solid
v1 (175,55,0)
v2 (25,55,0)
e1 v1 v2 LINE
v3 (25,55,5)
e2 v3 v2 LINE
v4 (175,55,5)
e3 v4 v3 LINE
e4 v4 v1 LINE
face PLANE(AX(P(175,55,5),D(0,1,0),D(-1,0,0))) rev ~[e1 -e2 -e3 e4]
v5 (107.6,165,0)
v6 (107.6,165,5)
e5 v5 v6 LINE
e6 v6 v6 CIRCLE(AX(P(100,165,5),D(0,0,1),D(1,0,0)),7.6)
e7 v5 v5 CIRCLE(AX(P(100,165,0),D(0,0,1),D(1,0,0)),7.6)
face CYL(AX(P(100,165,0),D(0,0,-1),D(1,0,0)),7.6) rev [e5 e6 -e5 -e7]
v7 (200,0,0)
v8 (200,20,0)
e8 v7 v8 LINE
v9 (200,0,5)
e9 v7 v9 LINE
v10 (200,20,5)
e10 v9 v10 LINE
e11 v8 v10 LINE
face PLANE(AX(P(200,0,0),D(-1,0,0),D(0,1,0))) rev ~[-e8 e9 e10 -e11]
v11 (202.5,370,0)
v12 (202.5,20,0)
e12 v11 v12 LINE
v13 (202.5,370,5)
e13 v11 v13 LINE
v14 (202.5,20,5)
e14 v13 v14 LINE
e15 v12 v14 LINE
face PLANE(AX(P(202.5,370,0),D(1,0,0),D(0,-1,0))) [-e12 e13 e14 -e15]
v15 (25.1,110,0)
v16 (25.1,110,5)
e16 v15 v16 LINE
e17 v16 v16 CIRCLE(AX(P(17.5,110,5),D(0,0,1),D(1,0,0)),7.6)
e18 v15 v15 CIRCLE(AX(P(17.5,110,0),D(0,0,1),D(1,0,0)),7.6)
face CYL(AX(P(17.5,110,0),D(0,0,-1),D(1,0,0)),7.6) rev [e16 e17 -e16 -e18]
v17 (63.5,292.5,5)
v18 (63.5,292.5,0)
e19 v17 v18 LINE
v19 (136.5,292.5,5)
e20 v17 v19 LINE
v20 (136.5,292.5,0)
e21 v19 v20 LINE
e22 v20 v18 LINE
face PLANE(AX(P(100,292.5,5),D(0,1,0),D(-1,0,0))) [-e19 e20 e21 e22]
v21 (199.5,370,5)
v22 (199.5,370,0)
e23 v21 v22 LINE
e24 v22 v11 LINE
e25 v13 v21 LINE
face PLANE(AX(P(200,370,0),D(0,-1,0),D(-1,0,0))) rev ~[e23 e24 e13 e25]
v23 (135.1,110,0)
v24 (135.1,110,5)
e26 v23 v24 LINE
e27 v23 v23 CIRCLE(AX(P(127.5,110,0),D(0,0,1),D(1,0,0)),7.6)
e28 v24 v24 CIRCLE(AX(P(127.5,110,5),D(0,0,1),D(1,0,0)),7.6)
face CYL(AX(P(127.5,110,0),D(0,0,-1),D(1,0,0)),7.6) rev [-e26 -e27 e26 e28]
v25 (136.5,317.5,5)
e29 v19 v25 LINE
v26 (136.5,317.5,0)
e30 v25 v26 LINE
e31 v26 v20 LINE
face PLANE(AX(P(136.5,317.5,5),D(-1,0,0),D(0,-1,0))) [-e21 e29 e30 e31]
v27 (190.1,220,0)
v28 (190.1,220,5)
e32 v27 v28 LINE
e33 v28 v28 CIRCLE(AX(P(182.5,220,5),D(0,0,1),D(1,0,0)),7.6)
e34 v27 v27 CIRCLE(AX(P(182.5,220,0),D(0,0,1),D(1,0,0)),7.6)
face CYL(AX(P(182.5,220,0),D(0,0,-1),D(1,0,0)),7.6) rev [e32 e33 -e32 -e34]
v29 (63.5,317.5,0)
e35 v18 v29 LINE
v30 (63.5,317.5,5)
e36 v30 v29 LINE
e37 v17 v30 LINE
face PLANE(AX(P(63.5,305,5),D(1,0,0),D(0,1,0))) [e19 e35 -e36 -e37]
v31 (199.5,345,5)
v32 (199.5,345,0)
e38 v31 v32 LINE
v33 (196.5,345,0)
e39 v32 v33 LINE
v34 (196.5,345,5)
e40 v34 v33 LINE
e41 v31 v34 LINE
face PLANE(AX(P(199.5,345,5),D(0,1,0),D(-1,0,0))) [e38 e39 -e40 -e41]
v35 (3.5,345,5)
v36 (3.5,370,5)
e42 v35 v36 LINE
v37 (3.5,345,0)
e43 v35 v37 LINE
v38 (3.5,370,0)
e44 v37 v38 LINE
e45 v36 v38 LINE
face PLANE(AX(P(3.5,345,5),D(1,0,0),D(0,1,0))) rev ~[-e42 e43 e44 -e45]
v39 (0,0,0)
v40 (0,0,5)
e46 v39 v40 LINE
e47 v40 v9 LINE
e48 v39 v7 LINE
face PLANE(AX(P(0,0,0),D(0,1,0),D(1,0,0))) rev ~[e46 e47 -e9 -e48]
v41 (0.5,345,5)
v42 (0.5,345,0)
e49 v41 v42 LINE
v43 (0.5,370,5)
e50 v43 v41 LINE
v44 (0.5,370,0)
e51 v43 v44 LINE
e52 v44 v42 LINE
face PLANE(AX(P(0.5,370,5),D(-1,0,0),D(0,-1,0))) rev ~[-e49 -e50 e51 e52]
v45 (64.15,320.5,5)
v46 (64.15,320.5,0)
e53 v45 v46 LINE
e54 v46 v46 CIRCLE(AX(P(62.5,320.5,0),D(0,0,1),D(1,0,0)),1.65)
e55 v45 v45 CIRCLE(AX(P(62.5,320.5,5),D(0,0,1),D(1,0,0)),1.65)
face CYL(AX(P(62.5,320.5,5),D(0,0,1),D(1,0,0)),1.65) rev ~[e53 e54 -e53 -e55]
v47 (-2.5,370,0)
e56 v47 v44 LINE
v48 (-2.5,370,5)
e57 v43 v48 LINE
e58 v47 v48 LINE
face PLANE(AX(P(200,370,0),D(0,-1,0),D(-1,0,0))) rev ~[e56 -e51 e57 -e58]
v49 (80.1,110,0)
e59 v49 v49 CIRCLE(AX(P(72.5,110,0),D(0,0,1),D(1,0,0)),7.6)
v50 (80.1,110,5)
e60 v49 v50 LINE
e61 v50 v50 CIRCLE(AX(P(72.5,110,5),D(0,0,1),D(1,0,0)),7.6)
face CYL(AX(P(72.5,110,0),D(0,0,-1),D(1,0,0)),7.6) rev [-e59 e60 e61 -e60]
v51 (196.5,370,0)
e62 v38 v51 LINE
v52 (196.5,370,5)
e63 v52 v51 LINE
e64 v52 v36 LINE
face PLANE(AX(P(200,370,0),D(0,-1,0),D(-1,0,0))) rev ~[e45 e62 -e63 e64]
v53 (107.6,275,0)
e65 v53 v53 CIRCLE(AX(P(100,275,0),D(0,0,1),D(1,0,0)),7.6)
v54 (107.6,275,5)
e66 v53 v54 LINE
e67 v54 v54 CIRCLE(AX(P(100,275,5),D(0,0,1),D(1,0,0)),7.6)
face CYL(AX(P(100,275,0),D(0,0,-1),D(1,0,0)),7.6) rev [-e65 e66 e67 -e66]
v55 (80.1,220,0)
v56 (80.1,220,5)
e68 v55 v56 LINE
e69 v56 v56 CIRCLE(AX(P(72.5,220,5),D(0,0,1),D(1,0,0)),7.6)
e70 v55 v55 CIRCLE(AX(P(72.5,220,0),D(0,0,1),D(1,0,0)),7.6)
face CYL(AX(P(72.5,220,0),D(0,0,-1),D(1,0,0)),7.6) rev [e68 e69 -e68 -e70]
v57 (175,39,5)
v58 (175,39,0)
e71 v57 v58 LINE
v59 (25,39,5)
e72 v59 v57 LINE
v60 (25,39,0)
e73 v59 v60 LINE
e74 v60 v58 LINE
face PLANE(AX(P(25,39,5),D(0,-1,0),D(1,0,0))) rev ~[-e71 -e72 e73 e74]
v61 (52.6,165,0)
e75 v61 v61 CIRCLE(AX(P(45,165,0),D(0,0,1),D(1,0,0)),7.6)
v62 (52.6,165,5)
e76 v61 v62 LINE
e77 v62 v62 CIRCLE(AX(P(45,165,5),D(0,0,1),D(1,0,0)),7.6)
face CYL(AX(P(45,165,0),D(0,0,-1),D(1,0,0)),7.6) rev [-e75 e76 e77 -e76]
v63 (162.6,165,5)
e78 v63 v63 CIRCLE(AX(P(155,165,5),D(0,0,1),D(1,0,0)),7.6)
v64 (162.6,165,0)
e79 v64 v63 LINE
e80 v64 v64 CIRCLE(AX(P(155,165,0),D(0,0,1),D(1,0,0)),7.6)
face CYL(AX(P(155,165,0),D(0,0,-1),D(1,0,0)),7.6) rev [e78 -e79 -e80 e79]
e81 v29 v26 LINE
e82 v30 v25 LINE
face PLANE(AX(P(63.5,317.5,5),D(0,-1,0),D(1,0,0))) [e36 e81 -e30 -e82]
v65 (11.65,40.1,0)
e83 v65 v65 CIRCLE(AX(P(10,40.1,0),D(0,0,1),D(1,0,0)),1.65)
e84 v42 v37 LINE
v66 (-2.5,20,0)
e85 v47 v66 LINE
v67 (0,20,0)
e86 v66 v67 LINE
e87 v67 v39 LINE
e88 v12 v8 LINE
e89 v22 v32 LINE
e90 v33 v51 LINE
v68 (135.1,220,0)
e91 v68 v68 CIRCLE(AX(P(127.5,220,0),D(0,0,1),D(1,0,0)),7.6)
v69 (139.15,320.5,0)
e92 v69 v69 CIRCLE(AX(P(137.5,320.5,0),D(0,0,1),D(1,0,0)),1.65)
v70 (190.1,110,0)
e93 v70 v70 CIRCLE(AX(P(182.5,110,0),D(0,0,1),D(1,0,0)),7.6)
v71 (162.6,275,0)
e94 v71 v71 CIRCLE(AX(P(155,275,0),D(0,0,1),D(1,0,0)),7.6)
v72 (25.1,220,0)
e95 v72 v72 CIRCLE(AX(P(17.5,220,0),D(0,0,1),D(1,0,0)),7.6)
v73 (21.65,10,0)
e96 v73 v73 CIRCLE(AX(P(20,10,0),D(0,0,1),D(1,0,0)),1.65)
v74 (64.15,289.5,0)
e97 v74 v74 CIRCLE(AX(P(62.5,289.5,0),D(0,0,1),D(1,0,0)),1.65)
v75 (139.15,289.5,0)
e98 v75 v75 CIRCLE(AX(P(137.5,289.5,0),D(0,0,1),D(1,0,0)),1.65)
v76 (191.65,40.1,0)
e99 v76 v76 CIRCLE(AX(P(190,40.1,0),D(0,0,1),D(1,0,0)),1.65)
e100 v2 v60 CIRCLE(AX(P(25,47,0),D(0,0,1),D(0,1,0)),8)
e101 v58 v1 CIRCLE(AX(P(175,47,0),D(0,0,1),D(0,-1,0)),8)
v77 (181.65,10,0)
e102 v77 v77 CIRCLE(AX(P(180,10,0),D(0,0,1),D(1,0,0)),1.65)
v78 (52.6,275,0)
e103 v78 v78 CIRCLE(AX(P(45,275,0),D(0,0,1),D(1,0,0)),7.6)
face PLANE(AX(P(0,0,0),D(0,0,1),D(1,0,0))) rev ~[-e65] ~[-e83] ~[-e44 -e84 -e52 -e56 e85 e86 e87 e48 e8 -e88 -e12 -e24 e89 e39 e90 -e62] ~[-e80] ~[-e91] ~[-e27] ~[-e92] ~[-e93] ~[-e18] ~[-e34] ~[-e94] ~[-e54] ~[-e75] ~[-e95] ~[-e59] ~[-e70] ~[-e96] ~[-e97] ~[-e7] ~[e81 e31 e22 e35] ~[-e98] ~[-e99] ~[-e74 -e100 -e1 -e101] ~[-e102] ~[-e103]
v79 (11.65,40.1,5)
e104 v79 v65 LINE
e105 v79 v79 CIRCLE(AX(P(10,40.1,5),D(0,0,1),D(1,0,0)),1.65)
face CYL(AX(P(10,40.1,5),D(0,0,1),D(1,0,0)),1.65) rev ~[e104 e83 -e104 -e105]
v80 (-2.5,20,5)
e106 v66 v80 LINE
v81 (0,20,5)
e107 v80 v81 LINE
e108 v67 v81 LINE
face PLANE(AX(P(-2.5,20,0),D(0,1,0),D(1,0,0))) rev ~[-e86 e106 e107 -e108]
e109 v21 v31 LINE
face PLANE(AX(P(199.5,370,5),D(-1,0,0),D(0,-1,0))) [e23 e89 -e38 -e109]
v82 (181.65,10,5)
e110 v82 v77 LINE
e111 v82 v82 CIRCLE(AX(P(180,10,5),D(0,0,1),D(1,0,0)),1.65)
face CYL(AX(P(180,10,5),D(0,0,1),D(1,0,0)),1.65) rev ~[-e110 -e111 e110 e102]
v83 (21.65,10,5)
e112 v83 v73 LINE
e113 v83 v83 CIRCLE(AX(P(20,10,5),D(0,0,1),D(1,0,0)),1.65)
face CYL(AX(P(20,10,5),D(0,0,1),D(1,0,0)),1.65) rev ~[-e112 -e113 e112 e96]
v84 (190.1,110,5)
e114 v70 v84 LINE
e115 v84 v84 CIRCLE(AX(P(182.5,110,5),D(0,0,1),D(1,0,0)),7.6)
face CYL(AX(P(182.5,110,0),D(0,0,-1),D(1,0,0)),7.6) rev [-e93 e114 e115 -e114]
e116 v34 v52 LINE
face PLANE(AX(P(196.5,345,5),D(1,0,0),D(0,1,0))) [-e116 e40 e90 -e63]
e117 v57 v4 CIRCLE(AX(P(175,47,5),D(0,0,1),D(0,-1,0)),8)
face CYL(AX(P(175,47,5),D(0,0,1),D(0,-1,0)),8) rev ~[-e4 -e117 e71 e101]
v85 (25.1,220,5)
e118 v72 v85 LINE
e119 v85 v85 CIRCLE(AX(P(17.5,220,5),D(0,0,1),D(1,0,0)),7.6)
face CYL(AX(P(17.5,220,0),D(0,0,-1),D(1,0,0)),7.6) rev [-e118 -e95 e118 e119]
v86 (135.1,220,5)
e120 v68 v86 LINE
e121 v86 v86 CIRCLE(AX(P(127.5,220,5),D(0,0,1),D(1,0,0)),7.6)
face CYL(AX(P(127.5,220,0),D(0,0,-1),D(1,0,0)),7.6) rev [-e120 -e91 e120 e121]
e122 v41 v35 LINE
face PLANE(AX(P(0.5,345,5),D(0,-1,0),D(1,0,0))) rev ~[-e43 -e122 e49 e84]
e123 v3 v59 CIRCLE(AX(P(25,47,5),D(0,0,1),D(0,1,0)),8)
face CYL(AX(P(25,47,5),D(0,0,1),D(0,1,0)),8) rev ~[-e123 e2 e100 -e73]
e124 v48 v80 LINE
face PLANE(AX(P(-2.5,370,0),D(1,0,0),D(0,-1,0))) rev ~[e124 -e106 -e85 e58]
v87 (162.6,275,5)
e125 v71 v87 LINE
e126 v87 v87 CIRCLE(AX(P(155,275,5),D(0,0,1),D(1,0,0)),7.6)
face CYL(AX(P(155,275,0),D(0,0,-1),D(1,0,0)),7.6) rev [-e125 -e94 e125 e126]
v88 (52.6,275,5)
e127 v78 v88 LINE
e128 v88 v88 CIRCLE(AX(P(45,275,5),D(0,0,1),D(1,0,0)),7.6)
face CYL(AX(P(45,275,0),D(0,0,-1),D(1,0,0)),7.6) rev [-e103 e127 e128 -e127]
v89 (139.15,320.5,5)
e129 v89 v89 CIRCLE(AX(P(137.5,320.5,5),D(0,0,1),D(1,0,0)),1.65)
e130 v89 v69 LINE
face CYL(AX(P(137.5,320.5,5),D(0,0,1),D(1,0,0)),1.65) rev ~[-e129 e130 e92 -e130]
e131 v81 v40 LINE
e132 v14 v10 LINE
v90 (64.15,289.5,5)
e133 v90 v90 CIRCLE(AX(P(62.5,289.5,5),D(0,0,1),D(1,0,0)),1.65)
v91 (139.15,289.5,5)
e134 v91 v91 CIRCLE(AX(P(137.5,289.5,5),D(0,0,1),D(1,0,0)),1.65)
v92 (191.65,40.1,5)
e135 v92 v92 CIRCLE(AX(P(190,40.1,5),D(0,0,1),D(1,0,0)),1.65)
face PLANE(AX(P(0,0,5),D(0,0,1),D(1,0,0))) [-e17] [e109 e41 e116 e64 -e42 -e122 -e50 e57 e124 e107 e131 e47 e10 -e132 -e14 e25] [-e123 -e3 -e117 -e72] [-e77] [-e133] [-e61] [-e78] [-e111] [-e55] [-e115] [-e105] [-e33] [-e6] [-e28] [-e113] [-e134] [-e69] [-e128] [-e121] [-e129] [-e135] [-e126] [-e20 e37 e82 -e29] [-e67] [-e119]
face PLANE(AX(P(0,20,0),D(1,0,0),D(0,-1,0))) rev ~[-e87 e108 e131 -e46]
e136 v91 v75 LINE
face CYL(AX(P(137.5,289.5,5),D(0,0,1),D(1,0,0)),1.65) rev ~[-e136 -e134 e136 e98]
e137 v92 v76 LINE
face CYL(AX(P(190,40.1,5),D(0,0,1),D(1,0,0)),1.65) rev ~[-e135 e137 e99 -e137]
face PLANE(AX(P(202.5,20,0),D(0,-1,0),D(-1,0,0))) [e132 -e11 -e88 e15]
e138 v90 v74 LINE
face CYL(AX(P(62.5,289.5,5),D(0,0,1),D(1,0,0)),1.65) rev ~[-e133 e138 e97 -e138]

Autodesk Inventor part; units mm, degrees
ref_plane "YZ Plane" through (0, 0, 0) normal (1, 0, 0) x (0, 1, 0)
ref_plane "XZ Plane" through (0, 0, 0) normal (0, 1, 0) x (-1, 0, 0)
sketch "Sketch1" plane through (0, 0, 0) normal (0, 0, 1) x (1, 0, 0)
  line L0 (0, 0) -> (200, 0)
  line L1 (200, 0) -> (200, 370)
  line L2 (200, 370) -> (0, 370)
  line L3 (0, 370) -> (0, 0)
  circle A0 centre (17.5, 330) radius 7.6
  circle A1 centre (72.5, 330) radius 7.6
  circle A2 centre (127.5, 330) radius 7.6
  circle A3 centre (182.5, 330) radius 7.6
  circle A4 centre (45, 275) radius 7.6
  circle A5 centre (100, 275) radius 7.6
  circle A6 centre (155, 275) radius 7.6
  circle A7 centre (17.5, 220) radius 7.6
  circle A8 centre (72.5, 220) radius 7.6
  circle A9 centre (127.5, 220) radius 7.6
  circle A10 centre (182.5, 220) radius 7.6
  circle A11 centre (17.5, 110) radius 7.6
  circle A12 centre (72.5, 110) radius 7.6
  circle A13 centre (127.5, 110) radius 7.6
  circle A14 centre (182.5, 110) radius 7.6
  circle A15 centre (45, 165) radius 7.6
  circle A16 centre (100, 165) radius 7.6
  circle A17 centre (155, 165) radius 7.6
  line L4 (0, 370) -> (-2.5, 370)
  line L5 (-2.5, 370) -> (-2.5, 20)
  line L6 (-2.5, 20) -> (0, 20)
  line L7 (0, 20) -> (0, 370)
  line L8 (200, 370) -> (202.5, 370)
  line L9 (202.5, 370) -> (202.5, 20)
  line L10 (202.5, 20) -> (200, 20)
  line L11 (200, 20) -> (200, 370)
  point P0 (0, 20)
  dimension "d16" = 200
  dimension "d17" = 370
  dimension "d18" = 15.2
  dimension "d19" = 40
  dimension "d20" = 17.5
  dimension "d21" = 55
  dimension "d22" = 55
  dimension "d23" = 45
  dimension "d24" = 55
  dimension "d25" = 110
  dimension "d26" = 110
  dimension "d95" = 2.5
  dimension "d96" = 20
  dimension "d97" = 2.5
  dimension "d98" = 20
extrude "Plate1" add sketch "Sketch1" along normal blind 5 contours L3 L2 L1 L0 | L6 L5 L4 L3 | L1 L8 L9 L10 | A0 | A1 | A2 | A3
sketch "Sketch2" plane through (0, 0, 5) normal (0, 0, 1) x (1, 0, 0)
  line L0 (25, 47) -> (175, 47) construction
  line L1 (25, 39) -> (175, 39)
  line L2 (175, 55) -> (25, 55)
  arc A0 (25, 55) -> (25, 39) centre (25, 47) ccw
  arc A1 (175, 39) -> (175, 55) centre (175, 47) ccw
  line L3 (0, 0) -> (0, 20) projected
  line L4 (200, 20) -> (200, 0) projected
  circle A2 centre (127.5, 110) radius 7.6 projected
  line L5 (200, 0) -> (0, 0) projected
  point P0 (100, 47)
  point P1 (0, 370)
  point P2 (200, 370)
  point P3 (100, 0)
  dimension "d32" = 16
  dimension "d35" = 55
  dimension "d39" = 150
extrude "Cut1" cut sketch "Sketch2" against normal through all contours A0 L2 A1 L1
sketch "Sketch3" plane through (0, 0, 5) normal (0, 0, 1) x (1, 0, 0)
  circle A0 centre (10, 40.1) radius 1.65
  line L0 (175, 39) -> (25, 39) projected
  line L1 (100, 39) -> (100, 0)
  line L2 (200, 0) -> (0, 0) projected
  circle A1 centre (190, 40.1) radius 1.65
  dimension "d41" = 3.3
  dimension "d47" = 180
  dimension "d48" = 1.1
extrude "Cut2" cut sketch "Sketch3" against normal blind 5
sketch "Sketch4" plane through (0, 0, 5) normal (0, 0, 1) x (1, 0, 0)
  line L0 (60, 322.5) -> (140, 322.5)
  line L1 (140, 322.5) -> (140, 287.5)
  line L2 (140, 287.5) -> (60, 287.5)
  line L3 (60, 287.5) -> (60, 322.5)
  line L4 (60, 322.5) -> (140, 287.5) construction
  line L5 (140, 322.5) -> (60, 287.5) construction
  line L6 (63.5, 317.5) -> (136.5, 317.5)
  line L7 (136.5, 317.5) -> (136.5, 292.5)
  line L8 (136.5, 292.5) -> (63.5, 292.5)
  line L9 (63.5, 292.5) -> (63.5, 317.5)
  line L10 (63.5, 317.5) -> (136.5, 292.5) construction
  line L11 (136.5, 317.5) -> (63.5, 292.5) construction
  line L12 (-2.5, 370) -> (202.5, 370) projected
  circle A0 centre (100, 275) radius 7.6 projected
  circle A1 centre (137.5, 320.5) radius 1.65
  line L13 (100, 317.5) -> (100, 292.5)
  line L14 (63.5, 305) -> (136.5, 305)
  circle A2 centre (62.5, 320.5) radius 1.65
  circle A3 centre (137.5, 289.5) radius 1.65
  circle A4 centre (62.5, 289.5) radius 1.65
  point P0 (0, 0)
  point P1 (100, 305)
  point P2 (100, 305)
  point P3 (100, 370)
  point P4 (5, 370)
  point P5 (195, 370)
  point P6 (100, 305)
  dimension "d50" = 30
  dimension "d51" = 35
  dimension "d52" = 80
  dimension "d53" = 73
  dimension "d54" = 25
  dimension "d55" = 3.3
  dimension "d101" = 31
  dimension "d102" = 75
extrude "Extrusion1" cut sketch "Sketch4" against normal blind 10 contours L6 L13 L14 L9 | L6 L7 L14 L13 | L14 L13 L8 L9 | L14 L7 L8 L13 | A1 | A2 | A3 | A4
sketch "Sketch8" plane through (0, 0, 5) normal (0, 0, 1) x (1, 0, 0)
  line L0 (202.5, 370) -> (-2.5, 370) projected
  line L1 (196.5, 370) -> (199.5, 370)
  line L2 (199.5, 370) -> (199.5, 345)
  line L3 (199.5, 345) -> (196.5, 345)
  line L4 (196.5, 345) -> (196.5, 370)
  line L5 (200, 20) -> (200, 0) projected
  line L6 (202.5, 370) -> (202.5, 20) projected
  point P0 (0, 0)
  point P1 (195, 370)
  point P2 (5, 370)
  point P3 (200, 365)
  dimension "d76" = 25
  dimension "d77" = 3
  dimension "d99" = 3
extrude "Cut6" cut sketch "Sketch8" against normal blind 5
sketch "Sketch9" plane through (0, 0, 5) normal (0, 0, 1) x (1, 0, 0)
  line L0 (196.5, 370) -> (199.5, 370) projected
  line L1 (3.5, 370) -> (0.5, 370)
  line L2 (0.5, 370) -> (0.5, 345)
  line L3 (0.5, 345) -> (3.5, 345)
  line L4 (3.5, 345) -> (3.5, 370)
  line L5 (0, 0) -> (0, 20) projected
  line L6 (-2.5, 20) -> (-2.5, 370) projected
  point P0 (5, 370)
  point P1 (0, 365)
  point P2 (5, 370)
  dimension "d81" = 25
  dimension "d82" = 3
  dimension "d100" = 3
extrude "Cut7" cut sketch "Sketch9" against normal blind 5
sketch "Sketch10" plane through (0, 0, 5) normal (0, 0, 1) x (1, 0, 0)
  circle A0 centre (180, 10) radius 1.65
  line L0 (200, 20) -> (200, 0) projected
  line L1 (200, 0) -> (0, 0) projected
  circle A1 centre (20, 10) radius 1.65
  line L2 (0, 0) -> (0, 20) projected
  point P0 (200, 365)
  point P1 (0, 365)
  dimension "d86" = 3.3
  dimension "d88" = 10
  dimension "d89" = 3.3
  dimension "d90" = 10
  dimension "d91" = 20
  dimension "d94" = 20
extrude "Cut8" cut sketch "Sketch10" against normal blind 5
ref_plane "Work Plane1" through (100, 20, 0) normal (1, 0, 0) x (0, 0, -1)
equation "\"d97\" = d95"
equation "\"d98\" = d96"
equation "\"d36\" = Thickness"
equation "\"d45\" = Thickness"
equation "\"d79\" = Thickness"
equation "\"d84\" = Thickness"
equation "\"d92\" = Thickness"
equation "\"d31\" = Thickness"
equation "\"BendRadius\" = Thickness"
equation "\"BendReliefWidth\" = Thickness"
equation "\"BendReliefDepth\" = 0.5 * Thickness"
equation "\"TransitionRadius\" = BendRadius"
equation "\"JacobiRadiusSize\" = BendRadius"
equation "\"GapSize\" = Thickness"
equation "\"Thickness\" = 5"
properties part number "Random Plate  ( Laser Cut )"
